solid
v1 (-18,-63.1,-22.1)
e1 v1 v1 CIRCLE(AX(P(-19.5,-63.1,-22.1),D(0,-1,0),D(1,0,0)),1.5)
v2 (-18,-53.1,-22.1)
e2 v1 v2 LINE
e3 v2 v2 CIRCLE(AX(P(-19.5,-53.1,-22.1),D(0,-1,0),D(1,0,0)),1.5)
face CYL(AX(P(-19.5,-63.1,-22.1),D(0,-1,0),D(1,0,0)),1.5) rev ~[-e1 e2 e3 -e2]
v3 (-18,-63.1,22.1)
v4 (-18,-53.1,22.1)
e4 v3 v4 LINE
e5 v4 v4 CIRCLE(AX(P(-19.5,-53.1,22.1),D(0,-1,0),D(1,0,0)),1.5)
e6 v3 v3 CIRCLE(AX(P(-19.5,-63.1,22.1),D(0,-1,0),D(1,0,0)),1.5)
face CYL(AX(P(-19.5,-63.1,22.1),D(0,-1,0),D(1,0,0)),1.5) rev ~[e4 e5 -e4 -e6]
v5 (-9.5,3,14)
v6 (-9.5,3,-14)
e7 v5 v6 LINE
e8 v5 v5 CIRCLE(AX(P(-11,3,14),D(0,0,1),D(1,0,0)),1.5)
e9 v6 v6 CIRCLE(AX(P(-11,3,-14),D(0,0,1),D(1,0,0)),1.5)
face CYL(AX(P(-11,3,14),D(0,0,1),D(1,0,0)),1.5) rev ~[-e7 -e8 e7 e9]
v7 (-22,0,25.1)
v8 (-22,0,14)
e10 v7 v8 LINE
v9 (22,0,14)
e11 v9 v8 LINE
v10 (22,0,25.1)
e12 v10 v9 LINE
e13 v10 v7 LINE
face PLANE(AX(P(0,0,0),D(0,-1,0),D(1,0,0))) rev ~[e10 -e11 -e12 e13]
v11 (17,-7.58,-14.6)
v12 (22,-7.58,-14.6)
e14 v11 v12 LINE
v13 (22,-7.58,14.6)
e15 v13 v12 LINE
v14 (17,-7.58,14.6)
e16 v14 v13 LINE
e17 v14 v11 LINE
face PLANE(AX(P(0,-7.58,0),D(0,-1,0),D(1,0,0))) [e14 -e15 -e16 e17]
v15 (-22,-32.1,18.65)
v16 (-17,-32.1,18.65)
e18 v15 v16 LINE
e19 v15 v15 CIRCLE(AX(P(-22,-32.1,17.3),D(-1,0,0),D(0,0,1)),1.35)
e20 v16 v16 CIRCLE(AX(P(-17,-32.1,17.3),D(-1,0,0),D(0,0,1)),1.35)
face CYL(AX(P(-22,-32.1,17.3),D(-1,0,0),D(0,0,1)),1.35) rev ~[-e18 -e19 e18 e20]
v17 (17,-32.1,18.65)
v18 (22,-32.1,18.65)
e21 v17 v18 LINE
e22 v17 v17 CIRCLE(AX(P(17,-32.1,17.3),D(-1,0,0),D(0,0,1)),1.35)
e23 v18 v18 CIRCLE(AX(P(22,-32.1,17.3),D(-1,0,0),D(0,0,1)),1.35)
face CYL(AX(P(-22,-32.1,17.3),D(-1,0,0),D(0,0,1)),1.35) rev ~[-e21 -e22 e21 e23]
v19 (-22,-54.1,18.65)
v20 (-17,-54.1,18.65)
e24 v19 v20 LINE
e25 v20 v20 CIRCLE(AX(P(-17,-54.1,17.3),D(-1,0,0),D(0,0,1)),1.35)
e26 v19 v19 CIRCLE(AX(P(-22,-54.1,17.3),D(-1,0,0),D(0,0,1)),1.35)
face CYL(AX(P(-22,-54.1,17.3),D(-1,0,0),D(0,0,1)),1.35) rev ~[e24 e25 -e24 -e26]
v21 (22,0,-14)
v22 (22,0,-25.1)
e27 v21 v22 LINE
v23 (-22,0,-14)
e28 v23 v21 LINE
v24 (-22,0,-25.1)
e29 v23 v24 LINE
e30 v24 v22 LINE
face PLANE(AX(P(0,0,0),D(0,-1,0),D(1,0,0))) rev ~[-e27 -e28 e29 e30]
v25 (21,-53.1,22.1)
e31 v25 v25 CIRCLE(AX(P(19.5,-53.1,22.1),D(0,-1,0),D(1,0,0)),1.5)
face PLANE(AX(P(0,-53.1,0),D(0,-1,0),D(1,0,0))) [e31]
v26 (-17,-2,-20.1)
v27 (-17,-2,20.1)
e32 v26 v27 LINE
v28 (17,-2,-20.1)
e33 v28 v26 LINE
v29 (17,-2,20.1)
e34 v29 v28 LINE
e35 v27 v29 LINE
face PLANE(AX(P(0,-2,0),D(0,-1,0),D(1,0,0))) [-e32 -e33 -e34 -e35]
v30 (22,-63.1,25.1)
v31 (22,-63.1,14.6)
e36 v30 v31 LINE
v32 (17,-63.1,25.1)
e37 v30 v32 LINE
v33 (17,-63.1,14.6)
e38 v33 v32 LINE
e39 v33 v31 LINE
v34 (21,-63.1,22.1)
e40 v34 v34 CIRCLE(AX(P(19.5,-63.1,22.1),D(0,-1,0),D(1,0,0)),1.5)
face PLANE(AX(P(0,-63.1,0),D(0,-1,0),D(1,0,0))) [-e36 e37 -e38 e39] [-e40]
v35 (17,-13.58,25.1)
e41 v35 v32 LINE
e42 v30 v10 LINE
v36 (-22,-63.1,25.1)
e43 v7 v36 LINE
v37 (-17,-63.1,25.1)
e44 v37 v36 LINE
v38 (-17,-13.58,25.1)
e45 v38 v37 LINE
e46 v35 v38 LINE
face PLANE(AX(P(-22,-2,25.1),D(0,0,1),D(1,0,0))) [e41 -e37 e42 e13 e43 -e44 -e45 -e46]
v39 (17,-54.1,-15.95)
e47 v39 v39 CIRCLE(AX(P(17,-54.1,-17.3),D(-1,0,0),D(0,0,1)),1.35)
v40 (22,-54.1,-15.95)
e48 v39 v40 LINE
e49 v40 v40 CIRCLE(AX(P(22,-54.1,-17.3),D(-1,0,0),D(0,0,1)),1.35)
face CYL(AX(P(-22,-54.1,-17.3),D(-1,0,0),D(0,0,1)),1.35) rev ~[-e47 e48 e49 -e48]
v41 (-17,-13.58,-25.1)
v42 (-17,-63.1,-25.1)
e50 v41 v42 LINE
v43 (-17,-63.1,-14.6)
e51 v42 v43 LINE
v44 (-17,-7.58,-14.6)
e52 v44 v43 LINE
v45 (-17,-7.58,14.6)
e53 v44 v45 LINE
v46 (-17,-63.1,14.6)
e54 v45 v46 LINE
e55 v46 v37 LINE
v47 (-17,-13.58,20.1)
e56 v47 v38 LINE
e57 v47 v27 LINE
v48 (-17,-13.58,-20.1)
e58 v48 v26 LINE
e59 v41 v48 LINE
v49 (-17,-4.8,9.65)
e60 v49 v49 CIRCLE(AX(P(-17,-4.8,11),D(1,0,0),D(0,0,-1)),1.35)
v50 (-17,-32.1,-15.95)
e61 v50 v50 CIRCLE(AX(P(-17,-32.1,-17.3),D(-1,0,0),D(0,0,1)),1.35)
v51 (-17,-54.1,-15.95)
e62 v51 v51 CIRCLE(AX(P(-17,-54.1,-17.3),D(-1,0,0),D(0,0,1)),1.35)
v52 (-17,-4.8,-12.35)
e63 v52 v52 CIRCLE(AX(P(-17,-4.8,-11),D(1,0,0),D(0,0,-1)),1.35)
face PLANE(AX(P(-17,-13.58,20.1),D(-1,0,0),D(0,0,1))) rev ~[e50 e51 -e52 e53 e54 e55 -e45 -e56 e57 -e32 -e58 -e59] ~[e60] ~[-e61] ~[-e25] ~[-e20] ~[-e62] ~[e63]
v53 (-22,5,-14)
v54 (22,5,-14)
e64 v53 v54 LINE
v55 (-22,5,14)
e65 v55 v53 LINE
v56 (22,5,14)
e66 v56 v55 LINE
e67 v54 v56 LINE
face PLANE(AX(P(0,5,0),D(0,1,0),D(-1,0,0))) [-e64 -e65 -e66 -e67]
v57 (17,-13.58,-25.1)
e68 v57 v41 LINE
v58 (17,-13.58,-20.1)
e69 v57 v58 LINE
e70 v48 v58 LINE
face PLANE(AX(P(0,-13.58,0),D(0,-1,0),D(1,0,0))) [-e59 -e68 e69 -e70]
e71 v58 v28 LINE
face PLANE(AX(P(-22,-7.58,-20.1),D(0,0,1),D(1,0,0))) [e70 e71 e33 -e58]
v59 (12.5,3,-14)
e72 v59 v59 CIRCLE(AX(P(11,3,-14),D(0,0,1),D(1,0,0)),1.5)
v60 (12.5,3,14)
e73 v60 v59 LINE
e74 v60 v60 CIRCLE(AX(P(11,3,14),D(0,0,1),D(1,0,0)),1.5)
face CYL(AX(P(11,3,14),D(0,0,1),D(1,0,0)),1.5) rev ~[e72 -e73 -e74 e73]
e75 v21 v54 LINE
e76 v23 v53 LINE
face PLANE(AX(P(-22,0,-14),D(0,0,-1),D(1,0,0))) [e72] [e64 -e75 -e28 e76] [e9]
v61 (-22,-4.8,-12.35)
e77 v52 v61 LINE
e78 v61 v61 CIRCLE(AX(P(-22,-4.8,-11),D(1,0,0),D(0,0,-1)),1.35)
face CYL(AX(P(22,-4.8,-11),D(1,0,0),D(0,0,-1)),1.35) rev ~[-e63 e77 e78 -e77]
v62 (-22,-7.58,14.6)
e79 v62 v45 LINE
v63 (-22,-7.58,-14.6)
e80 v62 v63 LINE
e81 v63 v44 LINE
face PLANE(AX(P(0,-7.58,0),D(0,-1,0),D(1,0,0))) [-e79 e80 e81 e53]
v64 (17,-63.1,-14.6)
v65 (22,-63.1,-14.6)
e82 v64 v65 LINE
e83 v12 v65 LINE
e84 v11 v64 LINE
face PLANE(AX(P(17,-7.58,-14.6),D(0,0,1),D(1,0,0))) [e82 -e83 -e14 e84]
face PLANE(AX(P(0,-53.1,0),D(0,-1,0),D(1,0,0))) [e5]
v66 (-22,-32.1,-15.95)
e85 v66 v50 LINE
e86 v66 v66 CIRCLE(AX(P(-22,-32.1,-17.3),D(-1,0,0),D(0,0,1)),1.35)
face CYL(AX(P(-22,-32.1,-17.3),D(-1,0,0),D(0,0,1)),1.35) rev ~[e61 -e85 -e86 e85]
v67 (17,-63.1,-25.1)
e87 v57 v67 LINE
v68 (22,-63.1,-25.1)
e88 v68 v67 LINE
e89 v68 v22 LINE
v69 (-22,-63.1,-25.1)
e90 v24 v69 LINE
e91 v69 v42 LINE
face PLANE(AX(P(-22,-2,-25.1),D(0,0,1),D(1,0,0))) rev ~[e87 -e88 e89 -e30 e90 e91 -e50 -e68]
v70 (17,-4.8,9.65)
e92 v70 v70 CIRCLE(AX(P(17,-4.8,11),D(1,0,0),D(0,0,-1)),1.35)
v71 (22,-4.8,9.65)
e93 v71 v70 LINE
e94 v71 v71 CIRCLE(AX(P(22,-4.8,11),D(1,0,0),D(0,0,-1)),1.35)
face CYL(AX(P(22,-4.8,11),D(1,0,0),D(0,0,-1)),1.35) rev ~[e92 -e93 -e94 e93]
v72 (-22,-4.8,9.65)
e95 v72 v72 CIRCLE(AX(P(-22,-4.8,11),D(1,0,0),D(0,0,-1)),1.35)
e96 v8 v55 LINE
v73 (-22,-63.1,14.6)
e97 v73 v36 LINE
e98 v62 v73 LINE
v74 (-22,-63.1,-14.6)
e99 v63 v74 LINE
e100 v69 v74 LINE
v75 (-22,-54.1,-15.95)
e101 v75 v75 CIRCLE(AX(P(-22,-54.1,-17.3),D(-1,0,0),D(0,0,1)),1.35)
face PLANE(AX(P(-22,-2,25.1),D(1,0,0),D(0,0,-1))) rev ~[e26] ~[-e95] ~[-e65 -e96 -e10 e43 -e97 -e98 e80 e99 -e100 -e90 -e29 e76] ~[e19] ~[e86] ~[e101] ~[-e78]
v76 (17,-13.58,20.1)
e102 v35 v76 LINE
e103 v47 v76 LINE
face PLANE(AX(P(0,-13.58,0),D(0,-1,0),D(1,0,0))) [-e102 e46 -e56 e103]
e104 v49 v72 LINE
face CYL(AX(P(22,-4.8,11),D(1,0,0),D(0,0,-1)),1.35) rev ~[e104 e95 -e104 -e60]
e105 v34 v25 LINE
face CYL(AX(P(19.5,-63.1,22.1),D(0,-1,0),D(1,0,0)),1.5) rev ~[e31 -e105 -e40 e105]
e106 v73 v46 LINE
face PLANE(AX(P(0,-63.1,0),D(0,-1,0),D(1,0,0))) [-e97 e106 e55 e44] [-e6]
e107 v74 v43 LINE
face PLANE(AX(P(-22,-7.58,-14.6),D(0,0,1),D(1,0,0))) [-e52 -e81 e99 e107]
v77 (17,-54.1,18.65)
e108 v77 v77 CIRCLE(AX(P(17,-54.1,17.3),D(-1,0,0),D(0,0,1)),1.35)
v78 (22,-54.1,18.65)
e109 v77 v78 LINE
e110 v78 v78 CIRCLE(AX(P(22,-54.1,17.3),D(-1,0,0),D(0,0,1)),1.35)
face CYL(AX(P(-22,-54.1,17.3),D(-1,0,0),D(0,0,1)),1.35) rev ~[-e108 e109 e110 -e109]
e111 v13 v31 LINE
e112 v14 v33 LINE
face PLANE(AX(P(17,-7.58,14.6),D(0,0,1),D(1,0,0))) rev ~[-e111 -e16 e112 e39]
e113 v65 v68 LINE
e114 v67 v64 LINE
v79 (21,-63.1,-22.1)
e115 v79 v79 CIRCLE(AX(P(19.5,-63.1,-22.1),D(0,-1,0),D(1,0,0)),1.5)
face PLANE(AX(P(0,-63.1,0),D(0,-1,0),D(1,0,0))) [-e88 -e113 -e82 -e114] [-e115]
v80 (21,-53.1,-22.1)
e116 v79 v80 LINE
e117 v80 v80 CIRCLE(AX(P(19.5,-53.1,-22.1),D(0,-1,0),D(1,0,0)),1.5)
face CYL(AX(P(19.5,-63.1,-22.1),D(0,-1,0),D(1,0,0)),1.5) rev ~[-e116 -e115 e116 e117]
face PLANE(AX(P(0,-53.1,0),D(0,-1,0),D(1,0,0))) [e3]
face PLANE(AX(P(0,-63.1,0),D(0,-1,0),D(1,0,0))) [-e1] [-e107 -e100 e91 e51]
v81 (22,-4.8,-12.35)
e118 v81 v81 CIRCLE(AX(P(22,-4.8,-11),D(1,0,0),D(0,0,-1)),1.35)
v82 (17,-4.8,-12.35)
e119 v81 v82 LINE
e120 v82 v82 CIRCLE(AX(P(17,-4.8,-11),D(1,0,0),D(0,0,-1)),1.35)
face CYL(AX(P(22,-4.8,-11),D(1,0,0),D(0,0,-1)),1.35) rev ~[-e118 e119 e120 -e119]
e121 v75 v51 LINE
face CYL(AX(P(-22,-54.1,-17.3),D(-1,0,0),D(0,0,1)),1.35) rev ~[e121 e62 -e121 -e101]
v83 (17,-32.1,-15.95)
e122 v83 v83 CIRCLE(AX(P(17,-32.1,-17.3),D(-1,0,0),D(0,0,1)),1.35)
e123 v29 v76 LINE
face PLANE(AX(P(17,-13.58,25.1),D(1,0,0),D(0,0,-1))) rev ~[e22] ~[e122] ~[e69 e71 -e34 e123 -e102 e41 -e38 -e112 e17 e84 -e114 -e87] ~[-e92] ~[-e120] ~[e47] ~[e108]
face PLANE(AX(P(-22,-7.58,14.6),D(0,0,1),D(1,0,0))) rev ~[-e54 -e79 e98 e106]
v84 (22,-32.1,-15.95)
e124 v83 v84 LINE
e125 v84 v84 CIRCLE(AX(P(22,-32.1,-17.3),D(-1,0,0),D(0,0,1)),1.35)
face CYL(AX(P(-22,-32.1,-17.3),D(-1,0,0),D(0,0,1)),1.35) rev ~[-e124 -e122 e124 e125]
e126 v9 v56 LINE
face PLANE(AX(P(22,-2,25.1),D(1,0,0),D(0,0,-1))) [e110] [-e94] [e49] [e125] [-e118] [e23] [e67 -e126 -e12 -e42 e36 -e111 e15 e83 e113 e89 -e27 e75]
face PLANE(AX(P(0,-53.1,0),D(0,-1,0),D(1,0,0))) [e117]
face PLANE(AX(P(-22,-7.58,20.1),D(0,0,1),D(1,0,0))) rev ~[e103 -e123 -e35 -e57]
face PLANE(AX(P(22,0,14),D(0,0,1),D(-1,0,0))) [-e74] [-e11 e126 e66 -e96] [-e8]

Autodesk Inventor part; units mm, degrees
ref_plane "YZ Plane" through (0, 0, 0) normal (1, 0, 0) x (0, 1, 0)
ref_plane "XZ Plane" through (0, 0, 0) normal (0, 1, 0) x (-1, 0, 0)
ref_plane "XY Plane" through (0, 0, 0) normal (0, 0, 1) x (1, 0, 0)
sketch "스케치1" plane through (0, 0, 0) normal (0, 1, 0) x (-1, 0, 0)
  line L0 (22, -14) -> (-22, -14)
  line L1 (-22, -14) -> (-22, 14)
  line L2 (-22, 14) -> (22, 14)
  line L3 (22, 14) -> (22, -14)
  point P0 (0, 0)
  dimension "d0" = 44
  dimension "d1" = 22
  dimension "d2" = 28
  dimension "d3" = 14
extrude "돌출1" add sketch "스케치1" along normal blind 5
sketch "스케치2" plane through (-22, 0, 14) normal (0, 0, 1) x (1, 0, 0)
  circle A0 centre (33, 3) radius 1.5
  circle A1 centre (11, 3) radius 1.5
  line L0 (44, 0) -> (0, 0) projected
  line L1 (22, 0) -> (22, 5)
  line L2 (44, 5) -> (0, 5) projected
  dimension "d6" = 3
  dimension "d7" = 3
  dimension "d8" = 3
  dimension "d9" = 3
  dimension "d10" = 22
  dimension "d11" = 11
extrude "돌출2" cut sketch "스케치2" against normal blind 60
sketch "스케치3" plane through (0, 0, 0) normal (0, -1, 0) x (1, 0, 0)
  line L0 (-17, 14.5) -> (17, 14.5)
  line L1 (17, 14.5) -> (17, -14.5)
  line L2 (17, -14.5) -> (-17, -14.5)
  line L3 (-17, -14.5) -> (-17, 14.5)
  line L4 (22, -14) -> (-22, -14) projected
  line L5 (22, 25.1) -> (-22, 25.1)
  line L6 (-22, 25.1) -> (-22, -25.1)
  line L7 (-22, -25.1) -> (22, -25.1)
  line L8 (22, -25.1) -> (22, 25.1)
  point P0 (0, 0)
  dimension "d17" = 34
  dimension "d18" = 17
  dimension "d20" = 29
  dimension "d21" = 14.5
  dimension "d22" = 10.6
  dimension "d23" = 10.6
  dimension "d24" = 5
  dimension "d25" = 5
extrude "돌출3" add sketch "스케치3" along normal blind 2
sketch "스케치4" plane through (0, -2, 0) normal (0, -1, 0) x (1, 0, 0)
  line L0 (-22, 25.1) -> (-22, -25.1) projected
  line L1 (-22, -25.1) -> (22, -25.1) projected
  line L2 (-22, 25.1) -> (22, 25.1)
  line L3 (22, 25.1) -> (22, -25.1)
  line L4 (22, -25.1) -> (-22, -25.1)
  line L5 (-22, -25.1) -> (-22, 25.1)
  line L6 (-17, 20.1) -> (17, 20.1)
  line L7 (17, 20.1) -> (17, -20.1)
  line L8 (17, -20.1) -> (-17, -20.1)
  line L9 (-17, -20.1) -> (-17, 20.1)
  point P0 (0, 0)
  dimension "d28" = 5
  dimension "d29" = 5
  dimension "d30" = 5
  dimension "d31" = 5
extrude "돌출4" add sketch "스케치4" along normal blind 5.58
sketch "스케치5" plane through (22, 5, 14) normal (1, 0, 0) x (0, 0, -1)
  circle A0 centre (25, -9.8) radius 1.35
  circle A1 centre (3, -9.8) radius 1.35
  line L0 (39.1, -5) -> (28, -5) projected
  line L1 (0, -5) -> (-11.1, -5) projected
  point P0 (14, -5)
  dimension "d34" = 2.7
  dimension "d35" = 2.7
  dimension "d36" = 4.8
  dimension "d37" = 4.8
  dimension "d38" = 22
  dimension "d39" = 11
extrude "돌출5" cut sketch "스케치5" against normal blind 90
sketch "스케치6" plane through (0, -7.58, 0) normal (0, -1, 0) x (1, 0, 0)
  line L0 (22, -25.1) -> (-22, -25.1)
  line L1 (-22, -25.1) -> (-22, -20.1)
  line L2 (-22, -20.1) -> (22, -20.1)
  line L3 (22, -20.1) -> (22, -25.1)
  line L4 (22, 25.1) -> (-22, 25.1)
  line L5 (-22, 25.1) -> (-22, 20.1)
  line L6 (-22, 20.1) -> (22, 20.1)
  line L7 (22, 20.1) -> (22, 25.1)
  point P0 (0, 0)
  dimension "d42" = 5
  dimension "d43" = 5
extrude "돌출6" add sketch "스케치6" along normal blind 6
sketch "스케치7" plane through (0, -7.58, 0) normal (0, -1, 0) x (1, 0, 0)
  line L0 (22, -20.1) -> (-22, -20.1) projected
  line L1 (17, 20.1) -> (17, -20.1) projected
  line L2 (22, -20.1) -> (17, -20.1)
  line L3 (17, -20.1) -> (17, -14.6)
  line L4 (17, -14.6) -> (22, -14.6)
  line L5 (22, -14.6) -> (22, -20.1)
  line L6 (22, 14) -> (22, 25.1) projected
  line L7 (22, 20.1) -> (17, 20.1)
  line L8 (17, 20.1) -> (17, 14.6)
  line L9 (17, 14.6) -> (22, 14.6)
  line L10 (22, 14.6) -> (22, 20.1)
  line L11 (-22, -14) -> (-22, 14) projected
  line L12 (-17, -20.1) -> (-22, -20.1)
  line L13 (-22, -20.1) -> (-22, -14.6)
  line L14 (-22, -14.6) -> (-17, -14.6)
  line L15 (-17, -14.6) -> (-17, -20.1)
  line L16 (-17, 20.1) -> (-22, 20.1)
  line L17 (-22, 20.1) -> (-22, 14.6)
  line L18 (-22, 14.6) -> (-17, 14.6)
  line L19 (-17, 14.6) -> (-17, 20.1)
  line L20 (22, 20.1) -> (17, 20.1) projected
  point P0 (0, 0)
  dimension "d46" = 5.5
  dimension "d47" = 5.5
  dimension "d48" = 5.5
  dimension "d49" = 5.5
  dimension "d50" = 0
extrude "돌출7" add sketch "스케치7" along normal blind 55.52
sketch "스케치8" plane through (0, -13.58, 0) normal (0, -1, 0) x (1, 0, 0)
  line L0 (-22, -20.1) -> (-22, -25.1) projected
  line L1 (-17, -20.1) -> (-22, -20.1) projected
  line L2 (-22, -25.1) -> (-17, -25.1)
  line L3 (-17, -25.1) -> (-17, -20.1)
  line L4 (-17, -20.1) -> (-22, -20.1)
  line L5 (-22, -20.1) -> (-22, -25.1)
  line L6 (-17, -20.1) -> (17, -20.1) projected
  line L7 (22, -25.1) -> (22, -20.1) projected
  line L8 (17, -20.1) -> (22, -20.1)
  line L9 (22, -20.1) -> (22, -25.1)
  line L10 (22, -25.1) -> (17, -25.1)
  line L11 (17, -25.1) -> (17, -20.1)
  line L12 (17, -20.1) -> (17, 20.1) projected
  line L13 (22, 20.1) -> (22, 25.1) projected
  line L14 (17, 20.1) -> (22, 20.1)
  line L15 (22, 20.1) -> (22, 25.1)
  line L16 (22, 25.1) -> (17, 25.1)
  line L17 (17, 25.1) -> (17, 20.1)
  line L18 (-22, 25.1) -> (-22, 20.1) projected
  line L19 (22, 25.1) -> (-22, 25.1) projected
  line L20 (-22, 20.1) -> (-17, 20.1)
  line L21 (-17, 20.1) -> (-17, 25.1)
  line L22 (-17, 25.1) -> (-22, 25.1)
  line L23 (-22, 25.1) -> (-22, 20.1)
  point P0 (0, 0)
extrude "돌출8" add sketch "스케치8" along normal blind 49.52
sketch "스케치9" plane through (-22, 5, -14) normal (-1, 0, 0) x (0, 0, 1)
  circle A0 centre (31.3, -59.1) radius 1.35
  circle A1 centre (-3.3, -59.1) radius 1.35
  line L0 (-0.6, -68.1) -> (-11.1, -68.1) projected
  line L1 (39.1, -68.1) -> (28.6, -68.1) projected
  line L2 (39.1, -5) -> (39.1, -68.1) projected
  line L3 (-11.1, -5) -> (-11.1, -68.1) projected
  circle A2 centre (31.3, -37.1) radius 1.35
  circle A3 centre (-3.3, -37.1) radius 1.35
  point P0 (14, -5)
  dimension "d55" = 9
  dimension "d56" = 9
  dimension "d57" = 2.7
  dimension "d58" = 2.7
  dimension "d59" = 7.8
  dimension "d60" = 7.8
  dimension "d61" = 2.7
  dimension "d62" = 2.7
  dimension "d63" = 22
  dimension "d64" = 22
extrude "돌출9" cut sketch "스케치9" against normal blind 49.52
sketch "스케치10" plane through (0, -63.1, 0) normal (0, -1, 0) x (1, 0, 0)
  circle A0 centre (19.5, 22.1) radius 1.5
  line L0 (22, 14.6) -> (22, 25.1) projected
  line L1 (22, 25.1) -> (17, 25.1) projected
  line L2 (0, 0) -> (14.9637, 0)
  line L3 (0, 0) -> (0, 14.6)
  circle A1 centre (19.5, -22.1) radius 1.5
  circle A2 centre (-19.5, 22.1) radius 1.5
  circle A3 centre (-19.5, -22.1) radius 1.5
  dimension "d67" = 2.5
  dimension "d68" = 3
  dimension "d69" = 3
extrude "돌출10" cut sketch "스케치10" against normal blind 10
properties part number "elbow"
